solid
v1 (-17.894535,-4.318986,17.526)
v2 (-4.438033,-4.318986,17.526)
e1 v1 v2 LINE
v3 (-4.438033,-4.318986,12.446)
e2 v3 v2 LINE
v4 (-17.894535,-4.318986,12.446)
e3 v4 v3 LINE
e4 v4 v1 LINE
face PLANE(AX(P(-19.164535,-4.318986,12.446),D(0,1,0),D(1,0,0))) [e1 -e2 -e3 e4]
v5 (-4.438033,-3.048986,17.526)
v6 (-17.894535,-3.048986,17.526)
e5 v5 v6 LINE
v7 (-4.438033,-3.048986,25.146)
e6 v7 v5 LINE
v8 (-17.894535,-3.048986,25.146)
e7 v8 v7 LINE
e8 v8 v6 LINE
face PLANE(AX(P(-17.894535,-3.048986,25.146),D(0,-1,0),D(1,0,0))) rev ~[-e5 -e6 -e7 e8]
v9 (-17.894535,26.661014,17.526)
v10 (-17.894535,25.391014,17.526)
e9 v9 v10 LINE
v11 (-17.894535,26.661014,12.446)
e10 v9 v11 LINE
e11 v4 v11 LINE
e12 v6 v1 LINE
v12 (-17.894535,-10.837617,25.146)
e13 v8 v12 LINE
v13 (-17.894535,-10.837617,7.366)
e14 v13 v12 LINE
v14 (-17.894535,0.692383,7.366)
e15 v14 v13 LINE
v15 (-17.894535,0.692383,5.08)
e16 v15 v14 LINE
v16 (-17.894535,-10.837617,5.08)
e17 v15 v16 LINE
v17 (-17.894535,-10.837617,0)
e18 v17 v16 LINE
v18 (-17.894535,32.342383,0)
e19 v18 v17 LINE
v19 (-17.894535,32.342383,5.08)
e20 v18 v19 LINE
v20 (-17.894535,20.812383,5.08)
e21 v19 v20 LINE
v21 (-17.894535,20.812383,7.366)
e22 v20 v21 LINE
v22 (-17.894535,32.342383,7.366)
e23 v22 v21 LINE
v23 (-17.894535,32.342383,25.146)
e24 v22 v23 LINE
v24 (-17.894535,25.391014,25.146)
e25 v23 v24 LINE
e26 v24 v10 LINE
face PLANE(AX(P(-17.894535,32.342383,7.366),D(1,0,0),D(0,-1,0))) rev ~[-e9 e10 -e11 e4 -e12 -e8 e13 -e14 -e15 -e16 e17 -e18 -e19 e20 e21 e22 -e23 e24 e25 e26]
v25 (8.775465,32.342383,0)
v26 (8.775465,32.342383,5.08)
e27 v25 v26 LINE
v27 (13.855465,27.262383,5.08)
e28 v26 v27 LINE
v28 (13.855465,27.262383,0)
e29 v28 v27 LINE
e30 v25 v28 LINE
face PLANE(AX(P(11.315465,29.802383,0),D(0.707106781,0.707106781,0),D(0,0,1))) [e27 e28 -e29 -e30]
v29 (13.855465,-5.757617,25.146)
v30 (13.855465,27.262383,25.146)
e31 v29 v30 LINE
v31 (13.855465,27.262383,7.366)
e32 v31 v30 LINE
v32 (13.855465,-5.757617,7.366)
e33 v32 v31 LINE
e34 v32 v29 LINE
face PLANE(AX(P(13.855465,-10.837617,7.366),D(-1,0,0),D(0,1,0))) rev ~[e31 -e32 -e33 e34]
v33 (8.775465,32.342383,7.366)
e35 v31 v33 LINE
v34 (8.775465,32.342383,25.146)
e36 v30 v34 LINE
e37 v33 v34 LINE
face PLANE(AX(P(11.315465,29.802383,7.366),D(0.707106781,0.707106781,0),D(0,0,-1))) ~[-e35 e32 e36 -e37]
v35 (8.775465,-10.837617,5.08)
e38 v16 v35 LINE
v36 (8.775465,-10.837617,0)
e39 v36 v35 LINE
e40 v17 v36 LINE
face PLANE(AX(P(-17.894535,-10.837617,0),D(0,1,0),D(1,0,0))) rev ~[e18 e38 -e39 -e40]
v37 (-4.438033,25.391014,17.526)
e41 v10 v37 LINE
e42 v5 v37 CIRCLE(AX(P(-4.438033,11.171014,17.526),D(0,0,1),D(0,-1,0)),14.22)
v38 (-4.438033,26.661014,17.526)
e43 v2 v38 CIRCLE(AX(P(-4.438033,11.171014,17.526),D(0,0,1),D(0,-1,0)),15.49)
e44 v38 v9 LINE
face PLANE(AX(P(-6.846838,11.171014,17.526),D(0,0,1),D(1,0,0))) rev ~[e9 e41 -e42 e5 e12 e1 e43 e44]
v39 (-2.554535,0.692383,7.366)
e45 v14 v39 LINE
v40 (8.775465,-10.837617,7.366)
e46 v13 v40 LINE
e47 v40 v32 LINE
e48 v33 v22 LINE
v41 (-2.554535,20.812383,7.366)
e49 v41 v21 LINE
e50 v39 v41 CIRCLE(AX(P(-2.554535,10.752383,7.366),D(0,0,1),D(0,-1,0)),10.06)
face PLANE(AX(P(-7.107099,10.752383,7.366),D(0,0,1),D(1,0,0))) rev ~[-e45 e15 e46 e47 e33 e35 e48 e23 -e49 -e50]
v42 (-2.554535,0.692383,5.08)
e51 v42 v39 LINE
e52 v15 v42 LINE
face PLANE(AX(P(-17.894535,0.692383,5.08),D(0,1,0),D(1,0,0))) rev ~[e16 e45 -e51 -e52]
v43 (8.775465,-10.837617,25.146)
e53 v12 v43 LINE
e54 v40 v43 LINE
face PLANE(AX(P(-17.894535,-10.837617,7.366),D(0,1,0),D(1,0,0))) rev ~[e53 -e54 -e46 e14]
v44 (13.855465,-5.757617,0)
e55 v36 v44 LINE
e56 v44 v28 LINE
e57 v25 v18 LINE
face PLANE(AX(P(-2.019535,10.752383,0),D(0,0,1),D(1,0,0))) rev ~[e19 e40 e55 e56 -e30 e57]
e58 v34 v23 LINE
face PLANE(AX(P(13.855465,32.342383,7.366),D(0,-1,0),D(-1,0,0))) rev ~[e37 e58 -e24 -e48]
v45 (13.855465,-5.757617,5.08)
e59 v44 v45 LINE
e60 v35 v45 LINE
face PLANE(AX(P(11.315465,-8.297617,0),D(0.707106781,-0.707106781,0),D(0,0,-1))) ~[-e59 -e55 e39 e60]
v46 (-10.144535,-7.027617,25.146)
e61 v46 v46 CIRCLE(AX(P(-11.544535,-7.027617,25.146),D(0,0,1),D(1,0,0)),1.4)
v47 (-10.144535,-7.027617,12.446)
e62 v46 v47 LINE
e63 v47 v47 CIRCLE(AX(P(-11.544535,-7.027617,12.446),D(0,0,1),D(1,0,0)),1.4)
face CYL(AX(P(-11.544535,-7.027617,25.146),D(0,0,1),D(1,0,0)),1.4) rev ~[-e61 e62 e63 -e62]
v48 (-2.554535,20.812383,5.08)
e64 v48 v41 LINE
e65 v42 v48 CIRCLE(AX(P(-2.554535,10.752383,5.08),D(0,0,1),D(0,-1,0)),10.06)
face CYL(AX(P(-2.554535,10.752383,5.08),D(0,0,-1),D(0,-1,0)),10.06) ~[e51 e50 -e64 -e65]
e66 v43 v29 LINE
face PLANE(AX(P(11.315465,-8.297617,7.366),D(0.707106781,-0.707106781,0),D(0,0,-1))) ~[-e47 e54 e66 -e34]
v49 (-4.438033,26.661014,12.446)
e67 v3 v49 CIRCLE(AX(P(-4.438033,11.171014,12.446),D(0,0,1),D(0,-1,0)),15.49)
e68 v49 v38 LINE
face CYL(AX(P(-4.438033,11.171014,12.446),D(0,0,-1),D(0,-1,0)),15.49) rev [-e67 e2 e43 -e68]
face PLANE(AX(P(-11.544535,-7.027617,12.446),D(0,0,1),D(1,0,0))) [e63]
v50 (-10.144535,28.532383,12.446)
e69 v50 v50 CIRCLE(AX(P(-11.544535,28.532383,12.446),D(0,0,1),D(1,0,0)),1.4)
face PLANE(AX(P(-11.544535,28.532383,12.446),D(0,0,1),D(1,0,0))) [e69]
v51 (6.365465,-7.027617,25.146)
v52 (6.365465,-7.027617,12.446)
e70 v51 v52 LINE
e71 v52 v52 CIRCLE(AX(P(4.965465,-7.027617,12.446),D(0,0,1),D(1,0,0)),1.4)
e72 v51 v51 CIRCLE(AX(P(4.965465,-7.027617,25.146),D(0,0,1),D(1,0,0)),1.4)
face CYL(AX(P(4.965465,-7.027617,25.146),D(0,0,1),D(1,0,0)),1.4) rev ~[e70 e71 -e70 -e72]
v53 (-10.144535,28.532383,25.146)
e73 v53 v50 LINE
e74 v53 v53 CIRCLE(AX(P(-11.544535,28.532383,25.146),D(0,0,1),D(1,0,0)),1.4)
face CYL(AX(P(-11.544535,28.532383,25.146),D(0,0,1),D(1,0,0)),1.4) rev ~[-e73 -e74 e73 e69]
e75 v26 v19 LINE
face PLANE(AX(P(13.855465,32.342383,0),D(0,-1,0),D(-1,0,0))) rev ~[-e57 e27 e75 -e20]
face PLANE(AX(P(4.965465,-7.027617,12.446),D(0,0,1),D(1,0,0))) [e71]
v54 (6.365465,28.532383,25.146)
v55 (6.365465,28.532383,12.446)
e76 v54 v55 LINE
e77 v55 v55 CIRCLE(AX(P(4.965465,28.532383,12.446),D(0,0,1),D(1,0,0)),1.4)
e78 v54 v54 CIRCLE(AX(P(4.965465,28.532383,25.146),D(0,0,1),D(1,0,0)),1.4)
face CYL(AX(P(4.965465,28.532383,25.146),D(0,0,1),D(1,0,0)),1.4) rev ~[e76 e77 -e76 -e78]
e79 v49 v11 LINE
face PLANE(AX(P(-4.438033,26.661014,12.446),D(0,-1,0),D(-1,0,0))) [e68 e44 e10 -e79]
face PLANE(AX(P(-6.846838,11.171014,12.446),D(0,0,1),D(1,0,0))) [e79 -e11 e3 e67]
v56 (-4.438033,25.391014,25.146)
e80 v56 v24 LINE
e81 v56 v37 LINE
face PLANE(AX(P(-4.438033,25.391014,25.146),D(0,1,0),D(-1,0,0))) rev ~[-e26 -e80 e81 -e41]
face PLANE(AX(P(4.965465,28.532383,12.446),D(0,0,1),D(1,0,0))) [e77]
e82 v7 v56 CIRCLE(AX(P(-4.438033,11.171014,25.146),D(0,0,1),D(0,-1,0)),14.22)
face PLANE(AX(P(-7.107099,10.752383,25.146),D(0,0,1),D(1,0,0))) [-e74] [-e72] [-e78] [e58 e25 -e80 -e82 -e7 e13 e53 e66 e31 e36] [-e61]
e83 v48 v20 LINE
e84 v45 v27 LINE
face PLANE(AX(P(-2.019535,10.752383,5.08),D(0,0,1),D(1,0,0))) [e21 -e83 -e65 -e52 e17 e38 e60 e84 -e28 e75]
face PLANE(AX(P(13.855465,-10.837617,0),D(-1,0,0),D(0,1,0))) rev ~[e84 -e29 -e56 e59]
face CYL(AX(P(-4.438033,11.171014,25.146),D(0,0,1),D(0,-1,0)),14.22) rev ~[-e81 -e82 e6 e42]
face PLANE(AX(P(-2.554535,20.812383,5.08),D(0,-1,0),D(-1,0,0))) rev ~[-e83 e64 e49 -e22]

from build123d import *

# Parameters (mm, degrees)
F1_DEPTH  = 5.08
F3_DEPTH  = 2.286
F5_DEPTH  = 17.78
F6_SIZE   = 5.08
F7_R      = 1.4
F8_DEPTH  = 12.7
F10_DEPTH = 5.08


with BuildPart() as f1:
    # F0 (on Top) → F1 (new body)
    with BuildSketch(Plane.XY):
        Polygon((-17.894535, 19.113216), (-17.894535, 2.39155), (-17.894535, -10.837617), (13.855465, -10.837617), (13.855465, 10.752383), (13.855465, 32.342383), (-17.894535, 32.342383), align=None)
    extrude(amount=F1_DEPTH)

    # F2 (on face) → F3 (join)
    with BuildSketch(Plane.XY.offset(5.08)):
        with BuildLine():
            Line((-2.554535, 20.812383), (-17.894535, 20.812383))
            Line((-17.894535, 20.812383), (-17.894535, 0.692383))
            Line((-17.894535, 0.692383), (-2.554535, 0.692383))
            ThreePointArc((-2.554535, 0.692383), (7.505465, 10.752383), (-2.554535, 20.812383))
        make_face()
    extrude(amount=F3_DEPTH)

    # F4 (on face) → F5 (join)
    with BuildSketch(Plane.XY.offset(7.366)):
        with BuildLine():
            Line((-2.554535, 20.812383), (-17.894535, 20.812383))
            Line((-17.894535, 20.812383), (-17.894535, 0.692383))
            Line((-17.894535, 0.692383), (-2.554535, 0.692383))
            ThreePointArc((-2.554535, 0.692383), (7.505465, 10.752383), (-2.554535, 20.812383))
        make_face()
        with BuildLine():
            Line((13.855465, 32.342383), (-17.894535, 32.342383))
            Line((-17.894535, 32.342383), (-17.894535, 20.812383))
            Line((-17.894535, 20.812383), (-2.554535, 20.812383))
            ThreePointArc((-2.554535, 20.812383), (7.505465, 10.752383), (-2.554535, 0.692383))
            Line((-2.554535, 0.692383), (-17.894535, 0.692383))
            Line((-17.894535, 0.692383), (-17.894535, -10.837617))
            Line((-17.894535, -10.837617), (13.855465, -10.837617))
            Line((13.855465, -10.837617), (13.855465, 32.342383))
        make_face()
    extrude(amount=F5_DEPTH)

    # F6
    f6_edges = [f1.edges().sort_by_distance(p)[0] for p in [
        (13.855465, -10.837617, 16.256),
        (13.855465, -10.837617, 2.54),
        (13.855465, 32.342383, 16.256),
        (13.855465, 32.342383, 2.54),
    ]]
    chamfer(f6_edges, length=F6_SIZE)

    # F7 (on face) → F8 (cut)
    with BuildSketch(Plane.XY.offset(25.146)):
        with BuildLine():
            Line((-4.438033, 25.391014), (-17.894535, 25.391014))
            Line((-17.894535, 25.391014), (-17.894535, -3.048986))
            Line((-17.894535, -3.048986), (-4.438033, -3.048986))
            ThreePointArc((-4.438033, -3.048986), (9.781967, 11.171014), (-4.438033, 25.391014))
        make_face()
        with Locations((-11.544535, 28.532383)):
            Circle(F7_R)
        with Locations((4.965465, 28.532383)):
            Circle(F7_R)
        with Locations((-11.544535, -7.027617)):
            Circle(F7_R)
        with Locations((4.965465, -7.027617)):
            Circle(F7_R)
    extrude(amount=-F8_DEPTH, mode=Mode.SUBTRACT)

    # F9 (on face) → F10 (cut)
    with BuildSketch(Plane.XY.offset(12.446)):
        with BuildLine():
            Line((-4.438033, 26.661014), (-19.164535, 26.661014))
            Line((-19.164535, 26.661014), (-19.164535, -4.318986))
            Line((-19.164535, -4.318986), (-4.438033, -4.318986))
            ThreePointArc((-4.438033, -4.318986), (11.051967, 11.171014), (-4.438033, 26.661014))
        make_face()
    extrude(amount=F10_DEPTH, mode=Mode.SUBTRACT)


solid = f1.part
